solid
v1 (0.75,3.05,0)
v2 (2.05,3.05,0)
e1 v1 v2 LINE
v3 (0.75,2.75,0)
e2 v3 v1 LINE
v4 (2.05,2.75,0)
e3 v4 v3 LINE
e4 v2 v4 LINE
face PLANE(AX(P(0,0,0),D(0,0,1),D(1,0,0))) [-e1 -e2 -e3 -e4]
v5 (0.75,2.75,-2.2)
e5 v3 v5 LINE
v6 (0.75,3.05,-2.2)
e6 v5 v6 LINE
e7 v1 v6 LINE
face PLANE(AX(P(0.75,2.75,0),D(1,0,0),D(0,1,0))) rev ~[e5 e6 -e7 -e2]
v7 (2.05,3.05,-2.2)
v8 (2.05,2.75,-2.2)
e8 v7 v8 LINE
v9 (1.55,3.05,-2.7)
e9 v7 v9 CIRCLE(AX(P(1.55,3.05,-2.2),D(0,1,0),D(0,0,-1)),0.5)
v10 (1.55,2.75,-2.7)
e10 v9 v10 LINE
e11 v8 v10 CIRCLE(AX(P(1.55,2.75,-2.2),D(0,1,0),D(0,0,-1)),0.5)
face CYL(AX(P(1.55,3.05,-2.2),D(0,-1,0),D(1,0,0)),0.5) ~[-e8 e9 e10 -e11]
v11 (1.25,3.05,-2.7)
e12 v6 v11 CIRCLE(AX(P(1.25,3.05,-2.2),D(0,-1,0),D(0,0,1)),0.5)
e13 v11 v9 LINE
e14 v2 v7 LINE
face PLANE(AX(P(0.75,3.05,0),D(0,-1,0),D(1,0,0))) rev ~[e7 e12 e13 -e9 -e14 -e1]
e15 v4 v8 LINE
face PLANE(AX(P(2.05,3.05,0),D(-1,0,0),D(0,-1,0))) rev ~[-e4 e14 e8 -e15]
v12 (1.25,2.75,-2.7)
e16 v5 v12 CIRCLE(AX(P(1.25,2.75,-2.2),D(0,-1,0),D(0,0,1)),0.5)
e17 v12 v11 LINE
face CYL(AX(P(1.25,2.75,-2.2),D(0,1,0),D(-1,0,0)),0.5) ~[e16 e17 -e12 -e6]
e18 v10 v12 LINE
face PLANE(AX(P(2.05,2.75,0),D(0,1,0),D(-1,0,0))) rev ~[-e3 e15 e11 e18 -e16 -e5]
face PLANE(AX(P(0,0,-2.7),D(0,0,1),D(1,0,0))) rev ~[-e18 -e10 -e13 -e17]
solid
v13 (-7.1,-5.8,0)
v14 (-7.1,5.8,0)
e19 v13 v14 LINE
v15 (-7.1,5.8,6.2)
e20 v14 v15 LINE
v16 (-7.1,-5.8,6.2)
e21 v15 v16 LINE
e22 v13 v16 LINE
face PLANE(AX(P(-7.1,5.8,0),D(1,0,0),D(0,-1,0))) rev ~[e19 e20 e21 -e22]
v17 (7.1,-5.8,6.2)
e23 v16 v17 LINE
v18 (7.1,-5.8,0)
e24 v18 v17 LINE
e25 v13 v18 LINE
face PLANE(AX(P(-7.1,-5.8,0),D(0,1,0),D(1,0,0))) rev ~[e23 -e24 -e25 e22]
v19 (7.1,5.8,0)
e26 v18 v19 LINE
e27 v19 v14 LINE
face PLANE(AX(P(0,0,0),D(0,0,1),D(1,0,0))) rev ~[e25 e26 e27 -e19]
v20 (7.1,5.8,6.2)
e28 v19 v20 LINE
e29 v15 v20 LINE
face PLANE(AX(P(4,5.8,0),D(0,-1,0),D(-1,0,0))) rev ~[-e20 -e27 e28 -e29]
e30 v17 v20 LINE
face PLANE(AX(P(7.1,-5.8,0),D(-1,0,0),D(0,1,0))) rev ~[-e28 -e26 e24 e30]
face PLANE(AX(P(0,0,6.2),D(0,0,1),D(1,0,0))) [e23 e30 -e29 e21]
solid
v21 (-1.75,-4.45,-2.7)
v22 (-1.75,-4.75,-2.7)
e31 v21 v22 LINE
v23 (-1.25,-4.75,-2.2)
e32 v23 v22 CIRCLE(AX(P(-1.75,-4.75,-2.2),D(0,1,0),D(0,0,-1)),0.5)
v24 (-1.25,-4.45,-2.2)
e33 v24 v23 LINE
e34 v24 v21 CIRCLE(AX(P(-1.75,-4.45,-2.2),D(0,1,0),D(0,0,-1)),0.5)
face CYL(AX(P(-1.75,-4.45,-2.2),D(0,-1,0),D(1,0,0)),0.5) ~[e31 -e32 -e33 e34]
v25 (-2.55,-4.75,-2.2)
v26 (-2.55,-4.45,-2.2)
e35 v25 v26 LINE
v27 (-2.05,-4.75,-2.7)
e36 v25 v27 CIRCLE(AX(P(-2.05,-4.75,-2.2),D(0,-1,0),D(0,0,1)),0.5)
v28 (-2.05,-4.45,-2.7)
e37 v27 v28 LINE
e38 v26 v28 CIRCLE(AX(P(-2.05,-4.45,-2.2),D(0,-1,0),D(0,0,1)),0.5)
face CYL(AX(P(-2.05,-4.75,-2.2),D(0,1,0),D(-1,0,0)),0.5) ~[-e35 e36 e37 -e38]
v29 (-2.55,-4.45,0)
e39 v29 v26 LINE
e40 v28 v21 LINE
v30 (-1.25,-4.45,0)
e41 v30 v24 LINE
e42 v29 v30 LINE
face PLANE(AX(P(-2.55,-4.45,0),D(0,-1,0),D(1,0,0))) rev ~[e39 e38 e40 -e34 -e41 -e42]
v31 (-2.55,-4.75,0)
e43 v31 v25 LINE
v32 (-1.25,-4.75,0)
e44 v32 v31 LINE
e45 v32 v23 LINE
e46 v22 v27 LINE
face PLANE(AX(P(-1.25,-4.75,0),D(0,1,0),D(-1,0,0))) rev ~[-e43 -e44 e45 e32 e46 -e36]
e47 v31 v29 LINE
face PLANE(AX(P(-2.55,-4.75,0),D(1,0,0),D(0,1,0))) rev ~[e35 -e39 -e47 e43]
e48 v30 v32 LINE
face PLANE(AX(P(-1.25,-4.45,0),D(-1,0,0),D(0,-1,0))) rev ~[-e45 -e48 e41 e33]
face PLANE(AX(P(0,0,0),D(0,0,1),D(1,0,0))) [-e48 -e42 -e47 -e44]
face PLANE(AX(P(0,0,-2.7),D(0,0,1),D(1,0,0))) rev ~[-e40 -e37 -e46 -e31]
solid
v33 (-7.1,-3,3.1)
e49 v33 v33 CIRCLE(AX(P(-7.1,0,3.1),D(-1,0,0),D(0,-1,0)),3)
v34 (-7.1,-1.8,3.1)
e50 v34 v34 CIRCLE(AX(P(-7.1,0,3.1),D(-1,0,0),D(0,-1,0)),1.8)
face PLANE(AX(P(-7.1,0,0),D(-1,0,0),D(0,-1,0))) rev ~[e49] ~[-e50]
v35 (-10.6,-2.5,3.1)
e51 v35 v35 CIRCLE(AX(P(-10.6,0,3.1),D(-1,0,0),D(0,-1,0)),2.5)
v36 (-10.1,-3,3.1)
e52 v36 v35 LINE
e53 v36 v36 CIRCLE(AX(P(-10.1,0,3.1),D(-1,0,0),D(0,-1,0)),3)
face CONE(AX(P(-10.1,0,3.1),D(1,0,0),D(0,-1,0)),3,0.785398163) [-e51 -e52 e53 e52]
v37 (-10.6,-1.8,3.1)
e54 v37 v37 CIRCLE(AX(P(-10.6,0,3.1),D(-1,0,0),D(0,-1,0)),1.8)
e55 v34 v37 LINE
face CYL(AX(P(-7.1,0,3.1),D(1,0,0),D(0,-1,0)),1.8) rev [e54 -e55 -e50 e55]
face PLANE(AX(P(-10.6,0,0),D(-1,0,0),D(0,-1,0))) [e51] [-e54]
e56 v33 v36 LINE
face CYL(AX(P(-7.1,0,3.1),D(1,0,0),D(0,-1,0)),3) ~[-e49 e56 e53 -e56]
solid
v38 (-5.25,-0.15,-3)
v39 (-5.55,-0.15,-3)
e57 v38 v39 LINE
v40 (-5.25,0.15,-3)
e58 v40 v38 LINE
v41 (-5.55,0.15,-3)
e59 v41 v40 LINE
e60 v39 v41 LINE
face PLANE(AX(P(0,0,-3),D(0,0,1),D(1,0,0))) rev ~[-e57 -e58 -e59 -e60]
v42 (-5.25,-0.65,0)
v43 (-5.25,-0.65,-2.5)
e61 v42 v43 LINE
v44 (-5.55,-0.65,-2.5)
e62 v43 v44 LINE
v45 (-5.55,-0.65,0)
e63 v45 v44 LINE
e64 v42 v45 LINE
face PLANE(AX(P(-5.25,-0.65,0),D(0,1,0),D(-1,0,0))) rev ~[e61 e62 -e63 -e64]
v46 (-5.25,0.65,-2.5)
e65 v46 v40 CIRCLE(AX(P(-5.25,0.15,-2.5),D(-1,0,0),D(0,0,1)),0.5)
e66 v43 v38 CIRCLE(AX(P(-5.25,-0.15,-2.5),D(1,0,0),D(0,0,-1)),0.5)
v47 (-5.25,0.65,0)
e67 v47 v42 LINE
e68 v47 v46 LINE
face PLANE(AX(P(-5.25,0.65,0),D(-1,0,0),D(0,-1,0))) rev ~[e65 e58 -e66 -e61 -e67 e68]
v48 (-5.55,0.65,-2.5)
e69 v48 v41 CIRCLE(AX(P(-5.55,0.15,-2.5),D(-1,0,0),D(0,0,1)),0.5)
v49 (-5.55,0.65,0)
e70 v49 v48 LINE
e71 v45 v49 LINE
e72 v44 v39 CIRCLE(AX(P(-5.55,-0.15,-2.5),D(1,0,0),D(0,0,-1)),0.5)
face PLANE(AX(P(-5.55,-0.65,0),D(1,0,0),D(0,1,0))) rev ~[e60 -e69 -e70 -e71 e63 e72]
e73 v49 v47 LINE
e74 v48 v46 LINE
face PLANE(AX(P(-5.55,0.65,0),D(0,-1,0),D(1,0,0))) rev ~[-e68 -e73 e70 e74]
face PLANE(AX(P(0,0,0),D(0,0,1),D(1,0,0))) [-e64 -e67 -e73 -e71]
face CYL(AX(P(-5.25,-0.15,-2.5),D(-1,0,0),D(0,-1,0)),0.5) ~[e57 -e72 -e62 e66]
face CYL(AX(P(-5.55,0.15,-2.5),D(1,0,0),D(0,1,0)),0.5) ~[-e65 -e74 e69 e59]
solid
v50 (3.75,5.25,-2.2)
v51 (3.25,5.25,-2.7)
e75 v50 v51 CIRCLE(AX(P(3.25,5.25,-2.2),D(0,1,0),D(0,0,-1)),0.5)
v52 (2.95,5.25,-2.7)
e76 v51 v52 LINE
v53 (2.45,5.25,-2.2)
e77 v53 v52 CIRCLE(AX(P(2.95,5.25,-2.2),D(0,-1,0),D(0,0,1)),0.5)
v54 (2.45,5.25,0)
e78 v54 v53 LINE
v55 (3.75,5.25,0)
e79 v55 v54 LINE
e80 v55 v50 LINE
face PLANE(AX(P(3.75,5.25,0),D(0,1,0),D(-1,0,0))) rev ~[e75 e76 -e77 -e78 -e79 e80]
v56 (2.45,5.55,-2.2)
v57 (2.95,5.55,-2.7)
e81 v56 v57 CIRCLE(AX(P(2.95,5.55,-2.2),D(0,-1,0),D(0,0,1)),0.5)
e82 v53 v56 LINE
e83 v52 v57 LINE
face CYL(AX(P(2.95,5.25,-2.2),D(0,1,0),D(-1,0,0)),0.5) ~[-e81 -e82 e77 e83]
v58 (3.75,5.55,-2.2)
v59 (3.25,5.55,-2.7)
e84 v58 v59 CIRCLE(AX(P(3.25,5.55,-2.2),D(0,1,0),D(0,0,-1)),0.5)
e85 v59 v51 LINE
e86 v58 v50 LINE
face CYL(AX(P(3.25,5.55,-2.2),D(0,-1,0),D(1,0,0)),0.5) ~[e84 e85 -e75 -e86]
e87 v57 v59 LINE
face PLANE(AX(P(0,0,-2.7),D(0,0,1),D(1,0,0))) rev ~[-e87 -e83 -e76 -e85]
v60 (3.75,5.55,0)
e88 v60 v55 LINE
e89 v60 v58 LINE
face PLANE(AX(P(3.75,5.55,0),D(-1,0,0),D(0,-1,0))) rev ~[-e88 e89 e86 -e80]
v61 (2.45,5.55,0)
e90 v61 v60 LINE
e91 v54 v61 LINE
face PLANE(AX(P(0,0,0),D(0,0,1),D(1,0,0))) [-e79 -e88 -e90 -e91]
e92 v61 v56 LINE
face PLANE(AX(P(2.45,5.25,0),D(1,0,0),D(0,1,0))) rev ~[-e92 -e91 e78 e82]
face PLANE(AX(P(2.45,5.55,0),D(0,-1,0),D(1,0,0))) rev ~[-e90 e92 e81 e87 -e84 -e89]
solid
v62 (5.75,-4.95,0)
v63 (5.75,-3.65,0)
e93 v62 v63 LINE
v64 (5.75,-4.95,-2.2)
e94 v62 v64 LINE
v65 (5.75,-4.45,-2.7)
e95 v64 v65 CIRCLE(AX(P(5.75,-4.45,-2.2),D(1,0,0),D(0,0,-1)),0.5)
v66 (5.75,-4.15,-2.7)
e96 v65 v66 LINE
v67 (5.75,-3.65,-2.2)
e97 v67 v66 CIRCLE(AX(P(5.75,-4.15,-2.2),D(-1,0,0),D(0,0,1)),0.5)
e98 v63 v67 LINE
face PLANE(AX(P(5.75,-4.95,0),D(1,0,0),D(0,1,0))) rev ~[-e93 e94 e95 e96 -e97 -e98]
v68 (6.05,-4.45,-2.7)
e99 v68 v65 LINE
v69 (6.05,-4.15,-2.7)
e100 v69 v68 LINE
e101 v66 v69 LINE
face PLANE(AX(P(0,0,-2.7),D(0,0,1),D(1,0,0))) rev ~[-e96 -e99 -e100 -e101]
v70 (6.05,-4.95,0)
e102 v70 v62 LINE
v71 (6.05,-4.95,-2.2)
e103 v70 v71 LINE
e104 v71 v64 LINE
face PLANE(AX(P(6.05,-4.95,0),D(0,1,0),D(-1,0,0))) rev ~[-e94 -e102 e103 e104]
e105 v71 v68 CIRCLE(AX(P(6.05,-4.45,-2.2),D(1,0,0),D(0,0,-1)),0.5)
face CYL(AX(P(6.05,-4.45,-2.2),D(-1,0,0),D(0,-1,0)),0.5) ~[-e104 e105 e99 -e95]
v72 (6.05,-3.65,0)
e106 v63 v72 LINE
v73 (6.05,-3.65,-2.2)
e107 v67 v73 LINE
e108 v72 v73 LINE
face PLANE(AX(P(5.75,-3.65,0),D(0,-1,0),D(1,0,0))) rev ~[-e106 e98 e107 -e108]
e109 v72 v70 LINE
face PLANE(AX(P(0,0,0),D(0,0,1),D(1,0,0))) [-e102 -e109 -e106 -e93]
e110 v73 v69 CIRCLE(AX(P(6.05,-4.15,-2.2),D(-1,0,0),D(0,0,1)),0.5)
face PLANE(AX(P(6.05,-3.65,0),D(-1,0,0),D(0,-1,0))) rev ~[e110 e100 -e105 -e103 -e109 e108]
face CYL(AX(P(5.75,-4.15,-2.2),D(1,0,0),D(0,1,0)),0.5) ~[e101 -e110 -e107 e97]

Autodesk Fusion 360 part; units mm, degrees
sketch "スケッチ1" plane through (0, 0, 0) normal (0, 0, 1) x (1, 0, 0)
  line L0 (2.2, 4.9) -> (4, 4.9)
  line L1 (5.9, -3.4) -> (5.9, -5.2) construction
  line L2 (-1, -5.1) -> (-1, -4.1)
  line L3 (6.4, -3.4) -> (5.4, -3.4)
  line L4 (5.4, -5.2) -> (6.4, -5.2)
  line L5 (6.4, -5.2) -> (6.4, -3.4)
  line L6 (5.4, -3.4) -> (5.4, -5.2)
  line L7 (2.2, 5.4) -> (4, 5.4) construction
  line L8 (0.5, 2.9) -> (2.3, 2.9) construction
  line L9 (0.5, 3.4) -> (0.5, 2.4)
  line L10 (2.3, 3.4) -> (0.5, 3.4)
  line L11 (0.5, 2.4) -> (2.3, 2.4)
  line L12 (-7.1, -5.8) -> (7.1, 5.8) construction
  line L13 (7.1, -5.8) -> (7.1, 5.8)
  line L14 (4, 5.9) -> (2.2, 5.9)
  line L15 (-5.9, -0.9) -> (-4.9, -0.9)
  line L16 (-10.6, -3) -> (-10.6, 3)
  line L17 (-10.6, 3) -> (-7.1, 3)
  line L18 (-2.8, -5.1) -> (-1, -5.1)
  line L19 (-7.1, -3) -> (-10.6, -3)
  line L20 (-4.9, 0.9) -> (-5.9, 0.9)
  line L21 (-5.9, 0.9) -> (-5.9, -0.9)
  line L22 (-4.9, -0.9) -> (-4.9, 0.9)
  line L23 (-7.1, -5.8) -> (7.1, -5.8)
  line L24 (-2.8, -4.1) -> (-2.8, -5.1)
  line L25 (-7.1, 5.8) -> (-7.1, -5.8)
  line L26 (-5.4, 0.9) -> (-5.4, -0.9) construction
  line L27 (-2.8, -4.6) -> (-1, -4.6) construction
  line L28 (7.1, 5.8) -> (-7.1, 5.8)
  line L29 (2.2, 5.9) -> (2.2, 4.9)
  line L30 (2.3, 2.4) -> (2.3, 3.4)
  line L31 (4, 4.9) -> (4, 5.9)
  line L32 (-1, -4.1) -> (-2.8, -4.1)
  line L33 (-10.6, 0) -> (7.1, 0) construction
  point P0 (1.4, 2.9)
  point P1 (5.9, -4.3)
  point P2 (3.1, 5.4)
  point P3 (-1.9, -4.6)
  point P4 (-5.4, 0)
  dimension "d58" = 1.8
  dimension "d59" = 1
  dimension "d60" = 1.8
  dimension "d61" = 1
  dimension "d62" = 1.8
  dimension "d63" = 1
  dimension "d64" = 1.8
  dimension "d65" = 1
  dimension "d66" = 1
  dimension "d67" = 1.8
  dimension "d68" = 3.5
  dimension "d69" = 6
  dimension "d71" = 8.5
  dimension "d72" = 10.2
  dimension "d73" = 5.4
  dimension "d74" = 4.3
  dimension "d75" = 4.6
  dimension "d76" = 13
  dimension "d77" = 5.2
  dimension "d78" = 2.9
  dimension "d79" = 14.2
  dimension "d80" = 11.6
  dimension "d81" = 1.7
sketch "スケッチ3" plane through (0, 0, 0) normal (0, 0, 1) x (1, 0, 0)
  line L0 (0.75, 3.05) -> (2.05, 3.05)
  line L1 (2.05, 3.05) -> (2.05, 2.75)
  line L2 (2.05, 2.75) -> (0.75, 2.75)
  line L3 (0.75, 2.75) -> (0.75, 3.05)
  line L4 (0.75, 3.05) -> (2.05, 2.75) construction
  line L5 (-1.25, -4.45) -> (-1.25, -4.75)
  line L6 (-2.55, -4.75) -> (-2.55, -4.45)
  line L7 (-2.55, -4.45) -> (-1.25, -4.45)
  line L8 (-1.25, -4.75) -> (-2.55, -4.75)
  line L9 (-2.55, -4.45) -> (-1.25, -4.75) construction
  line L10 (3.75, 5.55) -> (3.75, 5.25)
  line L11 (2.45, 5.25) -> (2.45, 5.55)
  line L12 (2.45, 5.55) -> (3.75, 5.55)
  line L13 (3.75, 5.25) -> (2.45, 5.25)
  line L14 (2.45, 5.55) -> (3.75, 5.25) construction
  line L15 (-5.55, 0.65) -> (-5.25, 0.65)
  line L16 (-5.25, -0.65) -> (-5.55, -0.65)
  line L17 (-5.55, -0.65) -> (-5.55, 0.65)
  line L18 (-5.25, 0.65) -> (-5.25, -0.65)
  line L19 (-5.55, -0.65) -> (-5.25, 0.65) construction
  line L20 (5.75, -3.65) -> (6.05, -3.65)
  line L21 (6.05, -4.95) -> (5.75, -4.95)
  line L22 (5.75, -4.95) -> (5.75, -3.65)
  line L23 (6.05, -3.65) -> (6.05, -4.95)
  line L24 (5.75, -4.95) -> (6.05, -3.65) construction
  point P0 (1.4, 2.9)
  point P1 (-1.9, -4.6)
  point P2 (3.1, 5.4)
  point P3 (-5.4, 0)
  point P4 (5.9, -4.3)
  point P5 (-1.9, -4.6)
  point P6 (1.4, 2.9)
  point P7 (3.1, 5.4)
  point P8 (5.9, -4.3)
  point P9 (-5.4, 0)
  dimension "d36" = 1.3
  dimension "d37" = 0.3
  dimension "d38" = 1.3
  dimension "d39" = 0.3
  dimension "d40" = 1.3
  dimension "d41" = 0.3
  dimension "d46" = 1.3
  dimension "d47" = 0.3
  dimension "d50" = 1.3
  dimension "d51" = 0.3
extrude "押し出し1" add sketch "スケッチ1" along normal blind 6.2 contours L0 L28 L29 L31 | L0 L13 L23 L25 L28 L29 L31 | L2 L18 L24 L32 | L3 L4 L5 L6 | L9 L10 L11 L30 | L15 L20 L21 L22 makes body 1
sketch "スケッチ2" plane through (-7.1, 0, 0) normal (-1, 0, 0) x (0, -1, 0)
  circle A0 centre (0, 3.1) radius 3
  line L0 (-5.8, 3.1) -> (5.8, 3.1) construction
  circle A1 centre (0, 3.1) radius 1.8
  line L1 (-5.8, 0) -> (5.8, 0)
  line L2 (5.8, 0) -> (5.8, 6.2)
  line L3 (5.8, 6.2) -> (-5.8, 6.2)
  line L4 (-5.8, 6.2) -> (-5.8, 0)
  line L5 (-5.8, 0) -> (5.8, 0)
  line L6 (5.8, 0) -> (5.8, 6.2)
  line L7 (5.8, 6.2) -> (-5.8, 6.2)
  line L8 (-5.8, 6.2) -> (-5.8, 0)
  dimension "d31" = 6
  dimension "d34" = 3.6
extrude "押し出し2" add sketch "スケッチ2" along normal blind 3.5 separate body contours A0 makes body 2
extrude "押し出し3" add sketch "スケッチ3" against normal blind 2.7 separate body contours L0 L1 L2 L3 | L5 L6 L7 L8 | L10 L11 L12 L13 | L20 L21 L22 L23 makes body 3 at (1.1833, 3.05, -0.9) makes body 4 at (3.3167, 5.25, -0.9) makes body 5 at (6.05, -4.0833, -0.9) makes body 6 at (-1.6833, -4.75, -0.9)
extrude "押し出し4" add sketch "スケッチ3" against normal blind 3 separate body contours L15 L16 L17 L18 makes body 7
chamfer "面取り1" distance 0.5 angle 45 1 edges at (-10.6, 2.797, 2.0152) on bodies 2
fillet "フィレット1" radius 0.5 10 edges at (2.05, 2.9, -2.7) (0.75, 2.9, -2.7) (3.75, 5.4, -2.7) (2.45, 5.4, -2.7) (5.9, -4.95, -2.7) (5.9, -3.65, -2.7) (-2.55, -4.6, -2.7) (-1.25, -4.6, -2.7) (-5.4, -0.65, -3) (-5.4, 0.65, -3) on bodies 3 4 5 6 7
